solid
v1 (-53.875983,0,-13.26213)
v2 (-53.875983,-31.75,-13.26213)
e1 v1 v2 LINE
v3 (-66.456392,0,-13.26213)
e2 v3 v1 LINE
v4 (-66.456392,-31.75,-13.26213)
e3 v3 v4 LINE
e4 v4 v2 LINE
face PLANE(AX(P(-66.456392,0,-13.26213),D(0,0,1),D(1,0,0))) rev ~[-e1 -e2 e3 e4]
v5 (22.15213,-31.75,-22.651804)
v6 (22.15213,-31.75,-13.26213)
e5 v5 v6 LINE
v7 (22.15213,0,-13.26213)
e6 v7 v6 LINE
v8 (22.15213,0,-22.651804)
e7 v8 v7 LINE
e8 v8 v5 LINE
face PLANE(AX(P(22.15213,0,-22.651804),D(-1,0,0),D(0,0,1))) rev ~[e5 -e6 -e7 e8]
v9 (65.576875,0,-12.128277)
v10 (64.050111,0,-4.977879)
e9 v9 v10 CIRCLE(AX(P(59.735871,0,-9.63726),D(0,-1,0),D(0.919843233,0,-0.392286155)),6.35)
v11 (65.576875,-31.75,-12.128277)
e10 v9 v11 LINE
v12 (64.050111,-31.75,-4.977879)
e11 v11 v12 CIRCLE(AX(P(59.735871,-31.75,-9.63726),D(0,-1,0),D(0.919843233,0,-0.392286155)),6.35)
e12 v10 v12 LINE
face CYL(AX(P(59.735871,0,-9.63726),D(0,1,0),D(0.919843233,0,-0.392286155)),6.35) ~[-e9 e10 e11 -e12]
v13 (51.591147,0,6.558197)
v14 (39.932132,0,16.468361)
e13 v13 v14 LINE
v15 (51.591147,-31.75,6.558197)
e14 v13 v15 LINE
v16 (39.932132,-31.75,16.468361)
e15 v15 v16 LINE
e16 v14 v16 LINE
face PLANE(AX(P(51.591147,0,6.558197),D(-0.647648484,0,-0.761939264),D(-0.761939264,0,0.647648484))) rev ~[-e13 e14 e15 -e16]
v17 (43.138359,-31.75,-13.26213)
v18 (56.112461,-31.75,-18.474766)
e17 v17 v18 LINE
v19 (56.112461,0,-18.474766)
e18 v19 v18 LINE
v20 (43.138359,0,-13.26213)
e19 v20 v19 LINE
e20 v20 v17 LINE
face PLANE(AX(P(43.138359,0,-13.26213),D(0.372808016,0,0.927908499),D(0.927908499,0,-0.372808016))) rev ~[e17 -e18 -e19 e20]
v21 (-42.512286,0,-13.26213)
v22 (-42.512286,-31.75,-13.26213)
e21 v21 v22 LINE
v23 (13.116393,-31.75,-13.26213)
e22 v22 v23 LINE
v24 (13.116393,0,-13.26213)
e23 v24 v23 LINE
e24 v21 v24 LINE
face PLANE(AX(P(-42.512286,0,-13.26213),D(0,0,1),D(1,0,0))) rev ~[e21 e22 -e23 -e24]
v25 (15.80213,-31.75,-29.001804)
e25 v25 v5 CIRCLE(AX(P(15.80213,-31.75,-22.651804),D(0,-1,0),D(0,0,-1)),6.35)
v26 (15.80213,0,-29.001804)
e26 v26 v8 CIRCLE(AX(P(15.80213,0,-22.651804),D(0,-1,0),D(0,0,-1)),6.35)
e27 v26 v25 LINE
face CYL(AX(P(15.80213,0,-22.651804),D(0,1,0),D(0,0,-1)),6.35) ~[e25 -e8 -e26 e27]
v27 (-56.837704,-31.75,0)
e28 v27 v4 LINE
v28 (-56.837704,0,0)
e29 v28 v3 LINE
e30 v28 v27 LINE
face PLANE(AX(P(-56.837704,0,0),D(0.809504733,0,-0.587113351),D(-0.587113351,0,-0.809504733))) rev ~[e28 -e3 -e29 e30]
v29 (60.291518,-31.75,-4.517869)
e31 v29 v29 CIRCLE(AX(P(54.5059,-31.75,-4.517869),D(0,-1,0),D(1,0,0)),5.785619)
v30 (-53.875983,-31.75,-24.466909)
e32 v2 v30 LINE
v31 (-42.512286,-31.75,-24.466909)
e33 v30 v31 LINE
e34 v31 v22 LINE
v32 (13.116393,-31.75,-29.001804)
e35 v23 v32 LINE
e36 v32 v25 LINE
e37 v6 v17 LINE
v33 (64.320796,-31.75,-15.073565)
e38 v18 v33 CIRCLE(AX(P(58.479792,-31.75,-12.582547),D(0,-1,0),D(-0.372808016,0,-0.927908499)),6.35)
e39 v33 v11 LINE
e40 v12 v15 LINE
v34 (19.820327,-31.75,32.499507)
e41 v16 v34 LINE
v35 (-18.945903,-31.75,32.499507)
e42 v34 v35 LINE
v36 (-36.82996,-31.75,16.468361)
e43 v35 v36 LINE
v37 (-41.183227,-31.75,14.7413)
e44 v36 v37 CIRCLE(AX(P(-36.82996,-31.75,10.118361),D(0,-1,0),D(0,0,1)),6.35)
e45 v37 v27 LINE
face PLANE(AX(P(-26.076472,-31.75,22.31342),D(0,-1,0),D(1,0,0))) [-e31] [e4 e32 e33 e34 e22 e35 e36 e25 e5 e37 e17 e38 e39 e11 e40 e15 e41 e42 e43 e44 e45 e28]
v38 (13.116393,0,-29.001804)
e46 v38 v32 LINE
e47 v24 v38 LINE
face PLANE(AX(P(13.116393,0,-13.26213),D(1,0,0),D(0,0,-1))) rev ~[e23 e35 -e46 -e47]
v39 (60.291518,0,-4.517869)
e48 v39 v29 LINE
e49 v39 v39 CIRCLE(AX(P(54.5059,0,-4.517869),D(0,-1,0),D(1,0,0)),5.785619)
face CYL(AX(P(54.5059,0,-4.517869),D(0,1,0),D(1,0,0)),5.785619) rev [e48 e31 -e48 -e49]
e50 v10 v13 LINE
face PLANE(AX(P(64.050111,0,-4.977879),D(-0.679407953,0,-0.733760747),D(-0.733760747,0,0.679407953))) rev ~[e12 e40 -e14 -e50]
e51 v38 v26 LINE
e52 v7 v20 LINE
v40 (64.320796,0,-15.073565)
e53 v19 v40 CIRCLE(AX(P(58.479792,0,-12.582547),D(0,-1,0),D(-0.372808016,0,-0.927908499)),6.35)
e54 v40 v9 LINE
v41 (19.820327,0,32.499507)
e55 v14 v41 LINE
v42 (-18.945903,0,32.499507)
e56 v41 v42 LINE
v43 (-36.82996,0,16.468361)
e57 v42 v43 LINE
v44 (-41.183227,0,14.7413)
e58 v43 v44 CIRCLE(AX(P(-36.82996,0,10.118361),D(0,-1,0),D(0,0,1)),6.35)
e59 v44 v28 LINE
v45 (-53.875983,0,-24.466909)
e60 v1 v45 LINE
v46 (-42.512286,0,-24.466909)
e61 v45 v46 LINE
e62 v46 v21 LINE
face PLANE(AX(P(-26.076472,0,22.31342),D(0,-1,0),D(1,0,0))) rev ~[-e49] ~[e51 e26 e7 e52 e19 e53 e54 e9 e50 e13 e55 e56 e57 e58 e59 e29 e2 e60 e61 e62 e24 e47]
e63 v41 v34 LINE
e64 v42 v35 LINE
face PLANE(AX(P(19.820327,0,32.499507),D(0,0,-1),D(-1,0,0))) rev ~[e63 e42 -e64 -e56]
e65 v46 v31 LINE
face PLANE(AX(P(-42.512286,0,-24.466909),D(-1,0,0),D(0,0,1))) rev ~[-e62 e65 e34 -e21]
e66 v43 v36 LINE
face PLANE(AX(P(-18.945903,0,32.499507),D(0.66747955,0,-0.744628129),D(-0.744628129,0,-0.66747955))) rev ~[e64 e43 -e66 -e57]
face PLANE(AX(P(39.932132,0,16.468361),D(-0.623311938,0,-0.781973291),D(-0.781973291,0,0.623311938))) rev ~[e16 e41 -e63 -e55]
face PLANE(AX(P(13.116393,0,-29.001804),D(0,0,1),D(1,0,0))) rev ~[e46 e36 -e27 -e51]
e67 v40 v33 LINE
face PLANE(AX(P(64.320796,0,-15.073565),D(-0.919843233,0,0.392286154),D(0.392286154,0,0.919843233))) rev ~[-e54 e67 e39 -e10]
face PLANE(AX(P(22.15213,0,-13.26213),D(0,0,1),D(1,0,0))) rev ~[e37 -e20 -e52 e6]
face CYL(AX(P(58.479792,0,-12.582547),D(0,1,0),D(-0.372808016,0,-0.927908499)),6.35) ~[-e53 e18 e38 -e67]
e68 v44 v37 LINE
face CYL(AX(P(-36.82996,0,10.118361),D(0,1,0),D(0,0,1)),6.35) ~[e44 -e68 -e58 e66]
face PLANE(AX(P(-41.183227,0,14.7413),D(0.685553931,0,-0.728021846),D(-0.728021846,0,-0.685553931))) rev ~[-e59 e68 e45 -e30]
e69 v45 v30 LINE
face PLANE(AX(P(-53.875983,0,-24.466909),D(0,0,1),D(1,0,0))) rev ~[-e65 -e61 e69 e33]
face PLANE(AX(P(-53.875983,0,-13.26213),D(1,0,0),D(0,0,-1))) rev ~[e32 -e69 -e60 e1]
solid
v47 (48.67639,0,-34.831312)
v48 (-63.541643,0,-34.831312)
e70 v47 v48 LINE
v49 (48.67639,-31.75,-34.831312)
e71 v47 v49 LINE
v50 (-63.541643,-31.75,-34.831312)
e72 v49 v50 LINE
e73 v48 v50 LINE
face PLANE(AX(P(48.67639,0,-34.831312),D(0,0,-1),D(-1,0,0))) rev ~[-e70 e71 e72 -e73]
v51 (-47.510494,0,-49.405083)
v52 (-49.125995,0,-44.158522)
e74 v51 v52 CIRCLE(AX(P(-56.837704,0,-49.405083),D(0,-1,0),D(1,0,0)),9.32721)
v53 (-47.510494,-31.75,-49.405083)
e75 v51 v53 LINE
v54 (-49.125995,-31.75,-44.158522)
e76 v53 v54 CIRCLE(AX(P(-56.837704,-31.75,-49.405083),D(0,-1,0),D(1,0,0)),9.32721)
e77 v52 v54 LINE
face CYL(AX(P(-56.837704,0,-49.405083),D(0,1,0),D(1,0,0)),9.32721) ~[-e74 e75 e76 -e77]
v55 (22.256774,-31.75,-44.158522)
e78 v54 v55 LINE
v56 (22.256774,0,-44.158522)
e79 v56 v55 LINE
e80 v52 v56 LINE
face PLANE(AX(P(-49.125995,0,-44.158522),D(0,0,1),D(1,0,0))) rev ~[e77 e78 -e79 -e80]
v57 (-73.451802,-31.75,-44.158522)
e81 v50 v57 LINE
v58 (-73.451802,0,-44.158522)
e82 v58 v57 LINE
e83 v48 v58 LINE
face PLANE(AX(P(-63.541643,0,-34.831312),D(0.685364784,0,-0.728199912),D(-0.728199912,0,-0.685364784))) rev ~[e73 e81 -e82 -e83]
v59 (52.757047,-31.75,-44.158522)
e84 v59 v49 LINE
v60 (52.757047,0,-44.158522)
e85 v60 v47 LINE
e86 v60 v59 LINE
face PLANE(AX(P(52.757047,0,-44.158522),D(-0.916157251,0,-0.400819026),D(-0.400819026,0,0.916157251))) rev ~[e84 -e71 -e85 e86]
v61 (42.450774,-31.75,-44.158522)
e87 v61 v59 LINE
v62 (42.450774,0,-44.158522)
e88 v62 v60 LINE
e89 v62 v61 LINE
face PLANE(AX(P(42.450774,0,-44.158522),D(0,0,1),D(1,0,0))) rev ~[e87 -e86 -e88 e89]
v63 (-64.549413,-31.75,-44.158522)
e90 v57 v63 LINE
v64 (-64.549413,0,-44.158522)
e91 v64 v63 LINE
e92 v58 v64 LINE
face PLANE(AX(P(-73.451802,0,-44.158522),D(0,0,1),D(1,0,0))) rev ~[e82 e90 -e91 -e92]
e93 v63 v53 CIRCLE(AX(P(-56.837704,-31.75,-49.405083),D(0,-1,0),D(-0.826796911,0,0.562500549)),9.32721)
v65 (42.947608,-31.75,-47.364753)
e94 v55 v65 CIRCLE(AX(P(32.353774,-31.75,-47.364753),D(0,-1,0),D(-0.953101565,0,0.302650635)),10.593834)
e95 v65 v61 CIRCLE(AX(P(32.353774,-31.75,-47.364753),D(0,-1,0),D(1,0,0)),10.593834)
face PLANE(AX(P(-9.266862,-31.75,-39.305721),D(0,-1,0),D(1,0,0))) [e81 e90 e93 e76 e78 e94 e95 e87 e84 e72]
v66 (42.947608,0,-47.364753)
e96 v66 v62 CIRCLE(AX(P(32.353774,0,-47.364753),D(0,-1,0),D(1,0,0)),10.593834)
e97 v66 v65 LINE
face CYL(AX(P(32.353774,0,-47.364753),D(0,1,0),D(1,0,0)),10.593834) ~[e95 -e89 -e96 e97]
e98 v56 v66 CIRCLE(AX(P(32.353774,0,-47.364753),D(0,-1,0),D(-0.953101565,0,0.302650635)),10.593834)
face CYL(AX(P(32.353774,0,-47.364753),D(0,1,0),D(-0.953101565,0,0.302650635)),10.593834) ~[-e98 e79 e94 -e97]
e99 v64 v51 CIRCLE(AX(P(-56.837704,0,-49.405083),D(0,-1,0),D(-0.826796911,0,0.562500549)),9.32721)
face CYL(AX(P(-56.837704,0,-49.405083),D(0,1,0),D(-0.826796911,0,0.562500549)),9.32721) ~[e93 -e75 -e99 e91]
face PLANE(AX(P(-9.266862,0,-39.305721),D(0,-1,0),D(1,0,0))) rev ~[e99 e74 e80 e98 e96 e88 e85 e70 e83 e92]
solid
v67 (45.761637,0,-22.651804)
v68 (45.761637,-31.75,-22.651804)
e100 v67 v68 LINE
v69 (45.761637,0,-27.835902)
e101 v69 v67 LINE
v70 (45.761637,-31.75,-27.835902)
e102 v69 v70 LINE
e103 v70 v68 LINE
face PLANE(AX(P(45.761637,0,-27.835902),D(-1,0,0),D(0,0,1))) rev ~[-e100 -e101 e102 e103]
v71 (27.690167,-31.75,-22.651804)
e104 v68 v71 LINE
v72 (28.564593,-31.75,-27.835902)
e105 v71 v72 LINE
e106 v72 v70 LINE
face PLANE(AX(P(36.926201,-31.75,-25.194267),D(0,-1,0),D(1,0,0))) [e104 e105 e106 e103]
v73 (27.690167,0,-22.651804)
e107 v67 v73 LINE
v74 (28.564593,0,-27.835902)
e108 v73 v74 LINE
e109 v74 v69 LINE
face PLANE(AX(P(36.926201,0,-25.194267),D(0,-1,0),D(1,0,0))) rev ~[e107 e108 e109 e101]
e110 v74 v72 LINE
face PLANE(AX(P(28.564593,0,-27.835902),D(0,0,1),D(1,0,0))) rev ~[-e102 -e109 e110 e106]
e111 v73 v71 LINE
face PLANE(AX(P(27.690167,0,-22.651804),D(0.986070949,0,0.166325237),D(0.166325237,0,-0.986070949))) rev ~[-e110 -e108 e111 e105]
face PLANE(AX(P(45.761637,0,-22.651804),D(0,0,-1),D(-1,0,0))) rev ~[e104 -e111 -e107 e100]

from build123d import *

# Parameters (mm, degrees)
F0_R     = 5.7856185804
F1_DEPTH = 31.75


with BuildPart() as f1:
    # F0 (on Front) → F1 (new body)
    with BuildSketch(Plane.XZ):
        Polygon((-18.945902586, 32.4995070696), (-36.8299595613, 16.4683610201), (-21.8606572598, 16.4683610201), align=None)
        with BuildLine():
            Line((-21.8606572598, 16.4683610201), (-36.8299595613, 16.4683610201))
            ThreePointArc((-36.8299595613, 16.4683610201), (-39.1716298113, 16.0208249497), (-41.1832270213, 14.7412997414))
            Line((-41.1832270213, 14.7412997414), (-56.8377040327, 0))
            Line((-56.8377040327, 0), (-31.4793474972, 0))
            Line((-31.4793474972, 0), (-21.8606572598, 16.4683610201))
        make_face()
        Polygon((-18.945902586, 32.4995070696), (-21.8606572598, 16.4683610201), (0, 16.4683610201), (0, 32.4995070696), align=None)
        Polygon((0, 32.4995070696), (0, 16.4683610201), (18.9459007233, 16.4683610201), (19.8203269392, 32.4995070696), align=None)
        Polygon((-38.1832793355, -13.2621303201), (-31.4793474972, 0), (-56.8377040327, 0), (-66.4563924074, -13.2621303201), (-53.8759827614, -13.2621303201), (-53.8759827614, -24.4669094682), (-42.5122864544, -24.4669094682), (-42.5122864544, -13.2621303201), align=None)
        Polygon((-5.5380342528, 0), (-31.4793474972, 0), (-38.1832793355, -13.2621303201), (-11.6590168327, -13.2621303201), align=None)
        Polygon((19.8203269392, 32.4995070696), (18.9459007233, 16.4683610201), (39.9321317673, 16.4683610201), align=None)
        Polygon((39.9321317673, 16.4683610201), (18.9459007233, 16.4683610201), (14.8652456701, 0), (37.6003272831, 0), align=None)
        Polygon((14.8652456701, 0), (-5.5380342528, 0), (-11.6590168327, -13.2621303201), (13.1163932383, -13.2621303201), align=None)
        Polygon((51.5911467373, 6.5581966192), (39.9321317673, 16.4683610201), (37.6003272831, 0), (47.0716502985, -4.0392414176), align=None)
        with BuildLine():
            Line((37.6003272831, 0), (14.8652456701, 0))
            Line((14.8652456701, 0), (13.1163932383, -13.2621303201))
            Line((13.1163932383, -13.2621303201), (13.1163932383, -29.0018040687))
            Line((13.1163932383, -29.0018040687), (15.8021295607, -29.0018040687))
            ThreePointArc((15.8021295607, -29.0018040687), (20.2922576212, -27.1419321292), (22.1521295607, -22.6518040687))
            Line((22.1521295607, -22.6518040687), (22.1521295607, -13.2621303201))
            Line((22.1521295607, -13.2621303201), (37.6003272831, -13.2621303201))
            Line((37.6003272831, -13.2621303201), (37.6003272831, 0))
        make_face()
        with BuildLine():
            Line((64.0501111657, -4.9778790706), (51.5911467373, 6.5581966192))
            Line((51.5911467373, 6.5581966192), (47.0716502985, -4.0392414176))
            Line((47.0716502985, -4.0392414176), (43.138358742, -13.2621303201))
            Line((43.138358742, -13.2621303201), (56.1124610001, -18.4747663982))
            ThreePointArc((56.1124610001, -18.4747663982), (60.9105624975, -18.4488796975), (64.3207964297, -15.0735645081))
            Line((64.3207964297, -15.0735645081), (65.5768751944, -12.1282768949))
            ThreePointArc((65.5768751944, -12.1282768949), (65.9458865804, -8.3112875884), (64.0501111657, -4.9778790706))
        make_face()
        with Locations((54.5058995485, -4.5178690925)):
            Circle(F0_R, mode=Mode.SUBTRACT)
        Polygon((47.0716502985, -4.0392414176), (37.6003272831, 0), (37.6003272831, -13.2621303201), (43.138358742, -13.2621303201), align=None)
        Polygon((0, 16.4683610201), (-21.8606572598, 16.4683610201), (-31.4793474972, 0), (-5.5380342528, 0), align=None)
        Polygon((18.9459007233, 16.4683610201), (0, 16.4683610201), (-5.5380342528, 0), (14.8652456701, 0), align=None)
    extrude(amount=F1_DEPTH)


with BuildPart() as f1b:
    # F0 (on Front) → F1, piece 2 (new body)
    with BuildSketch(Plane.XZ):
        with BuildLine():
            Line((48.6763902009, -34.8313115537), (-63.5416433215, -34.8313115537))
            Line((-63.5416433215, -34.8313115537), (-73.4518021345, -44.1585220397))
            Line((-73.4518021345, -44.1585220397), (-64.5494128515, -44.1585220397))
            ThreePointArc((-64.5494128515, -44.1585220397), (-56.8377040327, -40.0778725743), (-49.1259952139, -44.1585220397))
            Line((-49.1259952139, -44.1585220397), (22.256773577, -44.1585220397))
            ThreePointArc((22.256773577, -44.1585220397), (32.3537737131, -36.7709183512), (42.4507738492, -44.1585220397))
            Line((42.4507738492, -44.1585220397), (52.7570471168, -44.1585220397))
            Line((52.7570471168, -44.1585220397), (48.6763902009, -34.8313115537))
        make_face()
        with BuildLine():
            ThreePointArc((-49.1259952139, -44.1585220397), (-56.8377040327, -40.0778725743), (-64.5494128515, -44.1585220397))
            Line((-64.5494128515, -44.1585220397), (-49.1259952139, -44.1585220397))
        make_face()
        with BuildLine():
            Line((-49.1259952139, -44.1585220397), (-64.5494128515, -44.1585220397))
            ThreePointArc((-64.5494128515, -44.1585220397), (-59.5825286254, -58.3192736239), (-47.5104935467, -49.4050830603))
            ThreePointArc((-47.5104935467, -49.4050830603), (-47.9235134691, -46.6602584675), (-49.1259952139, -44.1585220397))
        make_face()
        with BuildLine():
            ThreePointArc((42.9476081015, -47.3647527397), (42.8226627256, -45.7425043327), (42.4507738492, -44.1585220397))
            Line((42.4507738492, -44.1585220397), (22.256773577, -44.1585220397))
            ThreePointArc((22.256773577, -44.1585220397), (30.7315253061, -57.8336417521), (42.9476081015, -47.3647527397))
        make_face()
        with BuildLine():
            Line((22.256773577, -44.1585220397), (42.4507738492, -44.1585220397))
            ThreePointArc((42.4507738492, -44.1585220397), (32.3537737131, -36.7709183512), (22.256773577, -44.1585220397))
        make_face()
    extrude(amount=F1_DEPTH)


with BuildPart() as f1c:
    # F0 (on Front) → F1, piece 3 (new body)
    with BuildSketch(Plane.XZ):
        Polygon((45.7616373897, -22.6518040687), (27.6901666075, -22.6518040687), (28.5645928234, -27.8359018266), (45.7616373897, -27.8359018266), align=None)
    extrude(amount=F1_DEPTH)


solid = Compound([f1.part, f1b.part, f1c.part])
